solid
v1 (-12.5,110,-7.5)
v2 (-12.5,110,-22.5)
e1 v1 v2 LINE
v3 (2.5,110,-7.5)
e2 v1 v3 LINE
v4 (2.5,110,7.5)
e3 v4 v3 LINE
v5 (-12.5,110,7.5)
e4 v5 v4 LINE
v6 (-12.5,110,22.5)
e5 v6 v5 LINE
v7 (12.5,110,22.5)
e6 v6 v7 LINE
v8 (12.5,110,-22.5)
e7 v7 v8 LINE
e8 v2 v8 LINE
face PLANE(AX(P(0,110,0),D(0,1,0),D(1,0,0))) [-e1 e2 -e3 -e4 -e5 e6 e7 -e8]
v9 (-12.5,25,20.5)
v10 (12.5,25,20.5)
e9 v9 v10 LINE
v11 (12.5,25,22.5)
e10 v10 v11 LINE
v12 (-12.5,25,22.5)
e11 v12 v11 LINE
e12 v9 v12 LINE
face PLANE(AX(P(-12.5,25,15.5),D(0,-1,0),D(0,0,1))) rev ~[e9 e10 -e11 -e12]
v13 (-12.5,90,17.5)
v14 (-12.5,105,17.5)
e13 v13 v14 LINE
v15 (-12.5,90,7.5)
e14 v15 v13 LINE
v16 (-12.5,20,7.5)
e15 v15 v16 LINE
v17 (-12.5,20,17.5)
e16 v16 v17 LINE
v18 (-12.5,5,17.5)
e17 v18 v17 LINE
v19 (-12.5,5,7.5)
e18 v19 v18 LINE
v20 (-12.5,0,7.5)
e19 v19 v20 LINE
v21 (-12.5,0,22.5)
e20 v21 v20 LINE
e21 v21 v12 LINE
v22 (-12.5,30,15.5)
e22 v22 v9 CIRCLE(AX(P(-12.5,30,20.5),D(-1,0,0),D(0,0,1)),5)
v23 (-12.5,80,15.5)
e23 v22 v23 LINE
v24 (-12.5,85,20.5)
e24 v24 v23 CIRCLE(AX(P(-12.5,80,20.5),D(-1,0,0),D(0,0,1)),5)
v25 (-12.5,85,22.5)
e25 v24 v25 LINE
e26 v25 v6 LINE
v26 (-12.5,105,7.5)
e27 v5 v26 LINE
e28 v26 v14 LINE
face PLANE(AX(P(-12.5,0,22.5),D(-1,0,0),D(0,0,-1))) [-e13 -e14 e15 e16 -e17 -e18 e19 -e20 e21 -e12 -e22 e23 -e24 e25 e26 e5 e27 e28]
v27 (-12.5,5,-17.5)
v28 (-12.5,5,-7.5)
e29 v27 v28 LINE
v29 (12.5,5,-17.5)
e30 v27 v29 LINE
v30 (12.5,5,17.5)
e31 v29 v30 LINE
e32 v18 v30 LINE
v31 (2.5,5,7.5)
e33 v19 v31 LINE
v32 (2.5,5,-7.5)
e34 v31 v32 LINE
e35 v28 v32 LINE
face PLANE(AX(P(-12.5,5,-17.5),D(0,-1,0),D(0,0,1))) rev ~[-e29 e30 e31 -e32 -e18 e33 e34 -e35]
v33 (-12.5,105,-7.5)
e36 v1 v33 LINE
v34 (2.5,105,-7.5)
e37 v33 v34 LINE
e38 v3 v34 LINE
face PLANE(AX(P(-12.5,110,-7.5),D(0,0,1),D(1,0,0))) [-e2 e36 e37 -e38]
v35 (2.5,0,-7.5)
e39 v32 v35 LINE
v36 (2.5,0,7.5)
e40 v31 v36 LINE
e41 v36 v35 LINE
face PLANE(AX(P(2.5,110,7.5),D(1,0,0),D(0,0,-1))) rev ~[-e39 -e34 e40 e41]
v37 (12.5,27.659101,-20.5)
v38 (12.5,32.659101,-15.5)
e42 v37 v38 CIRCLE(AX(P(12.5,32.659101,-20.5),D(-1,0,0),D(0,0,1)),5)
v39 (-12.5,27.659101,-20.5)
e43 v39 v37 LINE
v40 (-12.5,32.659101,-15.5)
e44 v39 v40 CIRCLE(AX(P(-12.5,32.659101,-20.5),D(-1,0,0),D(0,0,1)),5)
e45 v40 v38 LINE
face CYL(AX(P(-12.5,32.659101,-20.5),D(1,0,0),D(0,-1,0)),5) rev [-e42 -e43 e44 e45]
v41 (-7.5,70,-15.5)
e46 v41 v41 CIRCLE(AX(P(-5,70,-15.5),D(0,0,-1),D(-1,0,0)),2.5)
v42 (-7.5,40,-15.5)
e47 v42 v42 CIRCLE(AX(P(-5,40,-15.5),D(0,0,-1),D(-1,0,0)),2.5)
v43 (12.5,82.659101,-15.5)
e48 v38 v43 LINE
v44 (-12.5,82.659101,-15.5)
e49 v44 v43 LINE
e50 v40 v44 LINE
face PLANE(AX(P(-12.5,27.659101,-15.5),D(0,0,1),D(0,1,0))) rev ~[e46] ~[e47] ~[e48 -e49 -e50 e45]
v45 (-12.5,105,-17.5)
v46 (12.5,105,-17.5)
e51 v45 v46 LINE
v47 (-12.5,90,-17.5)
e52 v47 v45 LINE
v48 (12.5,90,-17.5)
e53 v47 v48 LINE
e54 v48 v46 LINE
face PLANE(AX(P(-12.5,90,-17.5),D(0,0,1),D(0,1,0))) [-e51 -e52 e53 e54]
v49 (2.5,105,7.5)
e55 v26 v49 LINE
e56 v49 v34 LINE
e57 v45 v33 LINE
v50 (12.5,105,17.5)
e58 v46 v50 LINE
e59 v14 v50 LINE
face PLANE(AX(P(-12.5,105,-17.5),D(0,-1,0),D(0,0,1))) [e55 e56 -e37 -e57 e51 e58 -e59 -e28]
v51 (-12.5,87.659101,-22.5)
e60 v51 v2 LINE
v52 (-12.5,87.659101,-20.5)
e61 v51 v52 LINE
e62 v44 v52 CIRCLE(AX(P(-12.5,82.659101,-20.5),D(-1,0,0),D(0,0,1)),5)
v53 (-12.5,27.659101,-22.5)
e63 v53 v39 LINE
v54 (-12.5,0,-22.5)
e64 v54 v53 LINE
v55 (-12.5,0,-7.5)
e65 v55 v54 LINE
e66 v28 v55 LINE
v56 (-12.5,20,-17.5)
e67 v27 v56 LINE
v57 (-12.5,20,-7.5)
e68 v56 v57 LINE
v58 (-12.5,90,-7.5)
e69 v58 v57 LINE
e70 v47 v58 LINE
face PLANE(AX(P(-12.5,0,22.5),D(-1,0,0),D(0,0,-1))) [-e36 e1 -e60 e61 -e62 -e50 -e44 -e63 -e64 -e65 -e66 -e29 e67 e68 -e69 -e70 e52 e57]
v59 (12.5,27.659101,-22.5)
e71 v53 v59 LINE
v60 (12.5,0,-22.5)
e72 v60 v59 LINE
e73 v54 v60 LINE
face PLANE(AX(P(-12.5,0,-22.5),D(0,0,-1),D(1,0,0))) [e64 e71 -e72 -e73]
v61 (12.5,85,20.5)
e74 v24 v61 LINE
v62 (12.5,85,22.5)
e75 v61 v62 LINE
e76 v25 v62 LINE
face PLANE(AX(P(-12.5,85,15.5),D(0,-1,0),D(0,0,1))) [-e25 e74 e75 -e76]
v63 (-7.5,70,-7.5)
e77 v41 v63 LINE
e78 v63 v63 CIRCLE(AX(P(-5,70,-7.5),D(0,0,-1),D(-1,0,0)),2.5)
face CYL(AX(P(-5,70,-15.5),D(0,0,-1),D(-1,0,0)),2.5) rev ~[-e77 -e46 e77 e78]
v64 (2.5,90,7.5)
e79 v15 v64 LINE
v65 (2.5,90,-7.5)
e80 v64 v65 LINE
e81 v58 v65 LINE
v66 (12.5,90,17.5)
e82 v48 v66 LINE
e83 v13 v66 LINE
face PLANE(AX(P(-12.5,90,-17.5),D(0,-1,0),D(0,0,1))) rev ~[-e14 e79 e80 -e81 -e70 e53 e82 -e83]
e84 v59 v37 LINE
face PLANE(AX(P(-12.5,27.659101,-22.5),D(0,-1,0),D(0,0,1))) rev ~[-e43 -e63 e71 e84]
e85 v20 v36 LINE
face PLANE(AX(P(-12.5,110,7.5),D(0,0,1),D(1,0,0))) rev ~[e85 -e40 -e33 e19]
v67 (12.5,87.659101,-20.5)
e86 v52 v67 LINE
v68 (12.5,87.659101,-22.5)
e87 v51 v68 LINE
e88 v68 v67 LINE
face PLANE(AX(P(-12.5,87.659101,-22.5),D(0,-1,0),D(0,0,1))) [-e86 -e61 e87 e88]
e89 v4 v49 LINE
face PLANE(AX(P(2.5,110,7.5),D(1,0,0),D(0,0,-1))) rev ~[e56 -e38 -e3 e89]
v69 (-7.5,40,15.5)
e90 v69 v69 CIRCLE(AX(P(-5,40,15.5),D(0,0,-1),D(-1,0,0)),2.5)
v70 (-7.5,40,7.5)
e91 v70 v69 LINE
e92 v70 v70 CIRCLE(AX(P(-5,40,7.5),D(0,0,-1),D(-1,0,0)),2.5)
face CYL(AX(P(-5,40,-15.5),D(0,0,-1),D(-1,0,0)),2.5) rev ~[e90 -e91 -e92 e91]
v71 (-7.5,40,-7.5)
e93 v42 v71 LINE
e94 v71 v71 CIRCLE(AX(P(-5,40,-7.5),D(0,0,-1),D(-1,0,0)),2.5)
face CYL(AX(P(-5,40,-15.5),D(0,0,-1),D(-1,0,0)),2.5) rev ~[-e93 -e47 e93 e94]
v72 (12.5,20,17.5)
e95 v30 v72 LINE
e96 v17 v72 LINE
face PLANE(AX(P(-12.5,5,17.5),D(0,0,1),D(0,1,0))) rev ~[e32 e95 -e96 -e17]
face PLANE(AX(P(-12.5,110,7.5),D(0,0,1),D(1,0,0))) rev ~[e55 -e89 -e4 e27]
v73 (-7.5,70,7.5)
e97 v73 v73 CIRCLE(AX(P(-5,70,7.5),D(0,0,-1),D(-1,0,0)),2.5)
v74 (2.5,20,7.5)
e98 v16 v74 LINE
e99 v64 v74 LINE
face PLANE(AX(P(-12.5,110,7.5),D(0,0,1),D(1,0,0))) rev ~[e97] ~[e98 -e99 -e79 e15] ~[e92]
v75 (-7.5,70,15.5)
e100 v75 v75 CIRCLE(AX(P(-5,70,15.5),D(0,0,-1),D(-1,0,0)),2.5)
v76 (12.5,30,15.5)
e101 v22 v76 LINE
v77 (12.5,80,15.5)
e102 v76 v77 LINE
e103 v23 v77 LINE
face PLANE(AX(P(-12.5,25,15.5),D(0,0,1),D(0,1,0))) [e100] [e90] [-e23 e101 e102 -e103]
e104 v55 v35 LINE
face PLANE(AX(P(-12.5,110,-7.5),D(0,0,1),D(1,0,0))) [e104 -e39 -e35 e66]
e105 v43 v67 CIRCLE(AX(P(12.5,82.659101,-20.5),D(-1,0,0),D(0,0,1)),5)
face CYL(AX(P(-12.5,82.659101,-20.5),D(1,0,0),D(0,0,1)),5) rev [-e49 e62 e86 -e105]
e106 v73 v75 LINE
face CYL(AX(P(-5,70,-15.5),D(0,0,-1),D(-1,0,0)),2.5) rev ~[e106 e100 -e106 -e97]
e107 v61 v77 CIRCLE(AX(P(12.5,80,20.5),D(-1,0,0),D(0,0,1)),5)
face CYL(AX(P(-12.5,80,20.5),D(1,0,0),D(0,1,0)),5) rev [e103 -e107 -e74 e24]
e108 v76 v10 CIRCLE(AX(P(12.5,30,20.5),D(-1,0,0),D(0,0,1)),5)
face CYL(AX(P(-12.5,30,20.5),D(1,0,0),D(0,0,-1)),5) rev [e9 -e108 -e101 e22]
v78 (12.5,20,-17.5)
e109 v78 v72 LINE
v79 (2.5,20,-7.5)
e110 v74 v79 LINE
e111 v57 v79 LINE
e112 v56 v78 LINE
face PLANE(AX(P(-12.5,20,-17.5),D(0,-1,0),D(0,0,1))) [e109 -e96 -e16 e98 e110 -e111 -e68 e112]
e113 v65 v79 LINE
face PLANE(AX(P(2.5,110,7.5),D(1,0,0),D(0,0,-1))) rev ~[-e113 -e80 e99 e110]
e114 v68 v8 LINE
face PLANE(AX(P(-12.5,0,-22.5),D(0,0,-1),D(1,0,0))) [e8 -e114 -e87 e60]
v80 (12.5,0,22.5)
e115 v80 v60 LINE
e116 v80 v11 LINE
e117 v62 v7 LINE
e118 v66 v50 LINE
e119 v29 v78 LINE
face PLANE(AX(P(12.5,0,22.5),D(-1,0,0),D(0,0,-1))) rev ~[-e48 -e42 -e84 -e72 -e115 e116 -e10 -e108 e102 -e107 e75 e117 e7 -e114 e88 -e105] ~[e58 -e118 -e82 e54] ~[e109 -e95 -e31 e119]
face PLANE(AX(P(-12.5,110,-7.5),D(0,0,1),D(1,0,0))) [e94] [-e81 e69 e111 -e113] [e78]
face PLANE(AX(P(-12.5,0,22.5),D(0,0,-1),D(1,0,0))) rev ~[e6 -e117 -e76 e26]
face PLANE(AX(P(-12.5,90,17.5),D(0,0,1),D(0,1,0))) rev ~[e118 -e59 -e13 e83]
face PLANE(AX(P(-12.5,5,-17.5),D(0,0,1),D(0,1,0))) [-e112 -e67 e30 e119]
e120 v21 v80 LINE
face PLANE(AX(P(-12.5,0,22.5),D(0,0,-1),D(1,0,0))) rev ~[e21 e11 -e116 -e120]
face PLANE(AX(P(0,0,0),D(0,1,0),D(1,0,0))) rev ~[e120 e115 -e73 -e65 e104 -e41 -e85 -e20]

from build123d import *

# Parameters (mm, degrees)
SKETCH_1_W          = 25
SKETCH_1_H          = 45
EXTRUDE_1_DEPTH     = 110
SKETCH_2_W          = 15
SKETCH_2_H          = 15
CUT_EXTRUDE_2_DEPTH = 110
SKETCH_3_W          = 35
SKETCH_3_H          = 15
CUT_EXTRUDE_3_DEPTH = 38
SKETCH_4_W          = 7
SKETCH_4_H          = 60
CUT_EXTRUDE_4_DEPTH = 38
SKETCH_5_W          = 35
SKETCH_5_H          = 15
CUT_EXTRUDE_5_DEPTH = 38
FILLET_1_R          = 5
SKETCH_6_W          = 7
SKETCH_6_H          = 60
CUT_EXTRUDE_6_DEPTH = 38
FILLET_3_R          = 5
SKETCH_7_R          = 2.5
CUT_EXTRUDE_7_DEPTH = 40


with BuildPart() as part:
    # 草图1 → 凸台-拉伸1 (new body)
    with BuildSketch(Plane(origin=(0, 0, 0), x_dir=(1, 0, 0), z_dir=(0, 1, 0))):
        Rectangle(SKETCH_1_W, SKETCH_1_H)
    extrude(amount=EXTRUDE_1_DEPTH)

    # 草图2 → 切除-拉伸2 (cut)
    with BuildSketch(Plane(origin=(0, 110, 0), x_dir=(1, 0, 0), z_dir=(0, 1, 0))):
        with Locations((-5, 0)):
            Rectangle(SKETCH_2_W, SKETCH_2_H)
    extrude(amount=-CUT_EXTRUDE_2_DEPTH, mode=Mode.SUBTRACT)

    # 草图3 → 切除-拉伸3 (cut)
    with BuildSketch(Plane.ZY.offset(12.5)):
        with Locations((0, 12.5)):
            Rectangle(SKETCH_3_W, SKETCH_3_H)
    extrude(amount=-CUT_EXTRUDE_3_DEPTH, mode=Mode.SUBTRACT)

    # 草图4 → 切除-拉伸4 (cut)
    with BuildSketch(Plane.ZY.offset(12.5)):
        with Locations((19, 55)):
            Rectangle(SKETCH_4_W, SKETCH_4_H)
    extrude(amount=-CUT_EXTRUDE_4_DEPTH, mode=Mode.SUBTRACT)

    # 草图5 → 切除-拉伸5 (cut)
    with BuildSketch(Plane.ZY.offset(12.5)):
        with Locations((0, 97.5)):
            Rectangle(SKETCH_5_W, SKETCH_5_H)
    extrude(amount=-CUT_EXTRUDE_5_DEPTH, mode=Mode.SUBTRACT)

    # 圆角1
    fillet_1_edges = [part.edges().sort_by_distance(p)[0] for p in [
        (0, 25, 15.5),
        (0, 85, 15.5),
    ]]
    fillet(fillet_1_edges, radius=FILLET_1_R)

    # 草图6 → 切除-拉伸6 (cut)
    with BuildSketch(Plane.ZY.offset(12.5)):
        with Locations((-19, 57.659101088)):
            Rectangle(SKETCH_6_W, SKETCH_6_H)
    extrude(amount=-CUT_EXTRUDE_6_DEPTH, mode=Mode.SUBTRACT)

    # 圆角3
    fillet_3_edges = [part.edges().sort_by_distance(p)[0] for p in [
        (0, 87.659101088, -15.5),
        (0, 27.659101088, -15.5),
    ]]
    fillet(fillet_3_edges, radius=FILLET_3_R)

    # 草图7 → 切除-拉伸7 (cut)
    with BuildSketch(Plane(origin=(0, 0, -15.5), x_dir=(-1, 0, 0), z_dir=(0, 0, -1))):
        with Locations((5, 40)):
            Circle(SKETCH_7_R)
        with Locations((5, 70)):
            Circle(SKETCH_7_R)
    extrude(amount=-CUT_EXTRUDE_7_DEPTH, mode=Mode.SUBTRACT)


solid = part.part
